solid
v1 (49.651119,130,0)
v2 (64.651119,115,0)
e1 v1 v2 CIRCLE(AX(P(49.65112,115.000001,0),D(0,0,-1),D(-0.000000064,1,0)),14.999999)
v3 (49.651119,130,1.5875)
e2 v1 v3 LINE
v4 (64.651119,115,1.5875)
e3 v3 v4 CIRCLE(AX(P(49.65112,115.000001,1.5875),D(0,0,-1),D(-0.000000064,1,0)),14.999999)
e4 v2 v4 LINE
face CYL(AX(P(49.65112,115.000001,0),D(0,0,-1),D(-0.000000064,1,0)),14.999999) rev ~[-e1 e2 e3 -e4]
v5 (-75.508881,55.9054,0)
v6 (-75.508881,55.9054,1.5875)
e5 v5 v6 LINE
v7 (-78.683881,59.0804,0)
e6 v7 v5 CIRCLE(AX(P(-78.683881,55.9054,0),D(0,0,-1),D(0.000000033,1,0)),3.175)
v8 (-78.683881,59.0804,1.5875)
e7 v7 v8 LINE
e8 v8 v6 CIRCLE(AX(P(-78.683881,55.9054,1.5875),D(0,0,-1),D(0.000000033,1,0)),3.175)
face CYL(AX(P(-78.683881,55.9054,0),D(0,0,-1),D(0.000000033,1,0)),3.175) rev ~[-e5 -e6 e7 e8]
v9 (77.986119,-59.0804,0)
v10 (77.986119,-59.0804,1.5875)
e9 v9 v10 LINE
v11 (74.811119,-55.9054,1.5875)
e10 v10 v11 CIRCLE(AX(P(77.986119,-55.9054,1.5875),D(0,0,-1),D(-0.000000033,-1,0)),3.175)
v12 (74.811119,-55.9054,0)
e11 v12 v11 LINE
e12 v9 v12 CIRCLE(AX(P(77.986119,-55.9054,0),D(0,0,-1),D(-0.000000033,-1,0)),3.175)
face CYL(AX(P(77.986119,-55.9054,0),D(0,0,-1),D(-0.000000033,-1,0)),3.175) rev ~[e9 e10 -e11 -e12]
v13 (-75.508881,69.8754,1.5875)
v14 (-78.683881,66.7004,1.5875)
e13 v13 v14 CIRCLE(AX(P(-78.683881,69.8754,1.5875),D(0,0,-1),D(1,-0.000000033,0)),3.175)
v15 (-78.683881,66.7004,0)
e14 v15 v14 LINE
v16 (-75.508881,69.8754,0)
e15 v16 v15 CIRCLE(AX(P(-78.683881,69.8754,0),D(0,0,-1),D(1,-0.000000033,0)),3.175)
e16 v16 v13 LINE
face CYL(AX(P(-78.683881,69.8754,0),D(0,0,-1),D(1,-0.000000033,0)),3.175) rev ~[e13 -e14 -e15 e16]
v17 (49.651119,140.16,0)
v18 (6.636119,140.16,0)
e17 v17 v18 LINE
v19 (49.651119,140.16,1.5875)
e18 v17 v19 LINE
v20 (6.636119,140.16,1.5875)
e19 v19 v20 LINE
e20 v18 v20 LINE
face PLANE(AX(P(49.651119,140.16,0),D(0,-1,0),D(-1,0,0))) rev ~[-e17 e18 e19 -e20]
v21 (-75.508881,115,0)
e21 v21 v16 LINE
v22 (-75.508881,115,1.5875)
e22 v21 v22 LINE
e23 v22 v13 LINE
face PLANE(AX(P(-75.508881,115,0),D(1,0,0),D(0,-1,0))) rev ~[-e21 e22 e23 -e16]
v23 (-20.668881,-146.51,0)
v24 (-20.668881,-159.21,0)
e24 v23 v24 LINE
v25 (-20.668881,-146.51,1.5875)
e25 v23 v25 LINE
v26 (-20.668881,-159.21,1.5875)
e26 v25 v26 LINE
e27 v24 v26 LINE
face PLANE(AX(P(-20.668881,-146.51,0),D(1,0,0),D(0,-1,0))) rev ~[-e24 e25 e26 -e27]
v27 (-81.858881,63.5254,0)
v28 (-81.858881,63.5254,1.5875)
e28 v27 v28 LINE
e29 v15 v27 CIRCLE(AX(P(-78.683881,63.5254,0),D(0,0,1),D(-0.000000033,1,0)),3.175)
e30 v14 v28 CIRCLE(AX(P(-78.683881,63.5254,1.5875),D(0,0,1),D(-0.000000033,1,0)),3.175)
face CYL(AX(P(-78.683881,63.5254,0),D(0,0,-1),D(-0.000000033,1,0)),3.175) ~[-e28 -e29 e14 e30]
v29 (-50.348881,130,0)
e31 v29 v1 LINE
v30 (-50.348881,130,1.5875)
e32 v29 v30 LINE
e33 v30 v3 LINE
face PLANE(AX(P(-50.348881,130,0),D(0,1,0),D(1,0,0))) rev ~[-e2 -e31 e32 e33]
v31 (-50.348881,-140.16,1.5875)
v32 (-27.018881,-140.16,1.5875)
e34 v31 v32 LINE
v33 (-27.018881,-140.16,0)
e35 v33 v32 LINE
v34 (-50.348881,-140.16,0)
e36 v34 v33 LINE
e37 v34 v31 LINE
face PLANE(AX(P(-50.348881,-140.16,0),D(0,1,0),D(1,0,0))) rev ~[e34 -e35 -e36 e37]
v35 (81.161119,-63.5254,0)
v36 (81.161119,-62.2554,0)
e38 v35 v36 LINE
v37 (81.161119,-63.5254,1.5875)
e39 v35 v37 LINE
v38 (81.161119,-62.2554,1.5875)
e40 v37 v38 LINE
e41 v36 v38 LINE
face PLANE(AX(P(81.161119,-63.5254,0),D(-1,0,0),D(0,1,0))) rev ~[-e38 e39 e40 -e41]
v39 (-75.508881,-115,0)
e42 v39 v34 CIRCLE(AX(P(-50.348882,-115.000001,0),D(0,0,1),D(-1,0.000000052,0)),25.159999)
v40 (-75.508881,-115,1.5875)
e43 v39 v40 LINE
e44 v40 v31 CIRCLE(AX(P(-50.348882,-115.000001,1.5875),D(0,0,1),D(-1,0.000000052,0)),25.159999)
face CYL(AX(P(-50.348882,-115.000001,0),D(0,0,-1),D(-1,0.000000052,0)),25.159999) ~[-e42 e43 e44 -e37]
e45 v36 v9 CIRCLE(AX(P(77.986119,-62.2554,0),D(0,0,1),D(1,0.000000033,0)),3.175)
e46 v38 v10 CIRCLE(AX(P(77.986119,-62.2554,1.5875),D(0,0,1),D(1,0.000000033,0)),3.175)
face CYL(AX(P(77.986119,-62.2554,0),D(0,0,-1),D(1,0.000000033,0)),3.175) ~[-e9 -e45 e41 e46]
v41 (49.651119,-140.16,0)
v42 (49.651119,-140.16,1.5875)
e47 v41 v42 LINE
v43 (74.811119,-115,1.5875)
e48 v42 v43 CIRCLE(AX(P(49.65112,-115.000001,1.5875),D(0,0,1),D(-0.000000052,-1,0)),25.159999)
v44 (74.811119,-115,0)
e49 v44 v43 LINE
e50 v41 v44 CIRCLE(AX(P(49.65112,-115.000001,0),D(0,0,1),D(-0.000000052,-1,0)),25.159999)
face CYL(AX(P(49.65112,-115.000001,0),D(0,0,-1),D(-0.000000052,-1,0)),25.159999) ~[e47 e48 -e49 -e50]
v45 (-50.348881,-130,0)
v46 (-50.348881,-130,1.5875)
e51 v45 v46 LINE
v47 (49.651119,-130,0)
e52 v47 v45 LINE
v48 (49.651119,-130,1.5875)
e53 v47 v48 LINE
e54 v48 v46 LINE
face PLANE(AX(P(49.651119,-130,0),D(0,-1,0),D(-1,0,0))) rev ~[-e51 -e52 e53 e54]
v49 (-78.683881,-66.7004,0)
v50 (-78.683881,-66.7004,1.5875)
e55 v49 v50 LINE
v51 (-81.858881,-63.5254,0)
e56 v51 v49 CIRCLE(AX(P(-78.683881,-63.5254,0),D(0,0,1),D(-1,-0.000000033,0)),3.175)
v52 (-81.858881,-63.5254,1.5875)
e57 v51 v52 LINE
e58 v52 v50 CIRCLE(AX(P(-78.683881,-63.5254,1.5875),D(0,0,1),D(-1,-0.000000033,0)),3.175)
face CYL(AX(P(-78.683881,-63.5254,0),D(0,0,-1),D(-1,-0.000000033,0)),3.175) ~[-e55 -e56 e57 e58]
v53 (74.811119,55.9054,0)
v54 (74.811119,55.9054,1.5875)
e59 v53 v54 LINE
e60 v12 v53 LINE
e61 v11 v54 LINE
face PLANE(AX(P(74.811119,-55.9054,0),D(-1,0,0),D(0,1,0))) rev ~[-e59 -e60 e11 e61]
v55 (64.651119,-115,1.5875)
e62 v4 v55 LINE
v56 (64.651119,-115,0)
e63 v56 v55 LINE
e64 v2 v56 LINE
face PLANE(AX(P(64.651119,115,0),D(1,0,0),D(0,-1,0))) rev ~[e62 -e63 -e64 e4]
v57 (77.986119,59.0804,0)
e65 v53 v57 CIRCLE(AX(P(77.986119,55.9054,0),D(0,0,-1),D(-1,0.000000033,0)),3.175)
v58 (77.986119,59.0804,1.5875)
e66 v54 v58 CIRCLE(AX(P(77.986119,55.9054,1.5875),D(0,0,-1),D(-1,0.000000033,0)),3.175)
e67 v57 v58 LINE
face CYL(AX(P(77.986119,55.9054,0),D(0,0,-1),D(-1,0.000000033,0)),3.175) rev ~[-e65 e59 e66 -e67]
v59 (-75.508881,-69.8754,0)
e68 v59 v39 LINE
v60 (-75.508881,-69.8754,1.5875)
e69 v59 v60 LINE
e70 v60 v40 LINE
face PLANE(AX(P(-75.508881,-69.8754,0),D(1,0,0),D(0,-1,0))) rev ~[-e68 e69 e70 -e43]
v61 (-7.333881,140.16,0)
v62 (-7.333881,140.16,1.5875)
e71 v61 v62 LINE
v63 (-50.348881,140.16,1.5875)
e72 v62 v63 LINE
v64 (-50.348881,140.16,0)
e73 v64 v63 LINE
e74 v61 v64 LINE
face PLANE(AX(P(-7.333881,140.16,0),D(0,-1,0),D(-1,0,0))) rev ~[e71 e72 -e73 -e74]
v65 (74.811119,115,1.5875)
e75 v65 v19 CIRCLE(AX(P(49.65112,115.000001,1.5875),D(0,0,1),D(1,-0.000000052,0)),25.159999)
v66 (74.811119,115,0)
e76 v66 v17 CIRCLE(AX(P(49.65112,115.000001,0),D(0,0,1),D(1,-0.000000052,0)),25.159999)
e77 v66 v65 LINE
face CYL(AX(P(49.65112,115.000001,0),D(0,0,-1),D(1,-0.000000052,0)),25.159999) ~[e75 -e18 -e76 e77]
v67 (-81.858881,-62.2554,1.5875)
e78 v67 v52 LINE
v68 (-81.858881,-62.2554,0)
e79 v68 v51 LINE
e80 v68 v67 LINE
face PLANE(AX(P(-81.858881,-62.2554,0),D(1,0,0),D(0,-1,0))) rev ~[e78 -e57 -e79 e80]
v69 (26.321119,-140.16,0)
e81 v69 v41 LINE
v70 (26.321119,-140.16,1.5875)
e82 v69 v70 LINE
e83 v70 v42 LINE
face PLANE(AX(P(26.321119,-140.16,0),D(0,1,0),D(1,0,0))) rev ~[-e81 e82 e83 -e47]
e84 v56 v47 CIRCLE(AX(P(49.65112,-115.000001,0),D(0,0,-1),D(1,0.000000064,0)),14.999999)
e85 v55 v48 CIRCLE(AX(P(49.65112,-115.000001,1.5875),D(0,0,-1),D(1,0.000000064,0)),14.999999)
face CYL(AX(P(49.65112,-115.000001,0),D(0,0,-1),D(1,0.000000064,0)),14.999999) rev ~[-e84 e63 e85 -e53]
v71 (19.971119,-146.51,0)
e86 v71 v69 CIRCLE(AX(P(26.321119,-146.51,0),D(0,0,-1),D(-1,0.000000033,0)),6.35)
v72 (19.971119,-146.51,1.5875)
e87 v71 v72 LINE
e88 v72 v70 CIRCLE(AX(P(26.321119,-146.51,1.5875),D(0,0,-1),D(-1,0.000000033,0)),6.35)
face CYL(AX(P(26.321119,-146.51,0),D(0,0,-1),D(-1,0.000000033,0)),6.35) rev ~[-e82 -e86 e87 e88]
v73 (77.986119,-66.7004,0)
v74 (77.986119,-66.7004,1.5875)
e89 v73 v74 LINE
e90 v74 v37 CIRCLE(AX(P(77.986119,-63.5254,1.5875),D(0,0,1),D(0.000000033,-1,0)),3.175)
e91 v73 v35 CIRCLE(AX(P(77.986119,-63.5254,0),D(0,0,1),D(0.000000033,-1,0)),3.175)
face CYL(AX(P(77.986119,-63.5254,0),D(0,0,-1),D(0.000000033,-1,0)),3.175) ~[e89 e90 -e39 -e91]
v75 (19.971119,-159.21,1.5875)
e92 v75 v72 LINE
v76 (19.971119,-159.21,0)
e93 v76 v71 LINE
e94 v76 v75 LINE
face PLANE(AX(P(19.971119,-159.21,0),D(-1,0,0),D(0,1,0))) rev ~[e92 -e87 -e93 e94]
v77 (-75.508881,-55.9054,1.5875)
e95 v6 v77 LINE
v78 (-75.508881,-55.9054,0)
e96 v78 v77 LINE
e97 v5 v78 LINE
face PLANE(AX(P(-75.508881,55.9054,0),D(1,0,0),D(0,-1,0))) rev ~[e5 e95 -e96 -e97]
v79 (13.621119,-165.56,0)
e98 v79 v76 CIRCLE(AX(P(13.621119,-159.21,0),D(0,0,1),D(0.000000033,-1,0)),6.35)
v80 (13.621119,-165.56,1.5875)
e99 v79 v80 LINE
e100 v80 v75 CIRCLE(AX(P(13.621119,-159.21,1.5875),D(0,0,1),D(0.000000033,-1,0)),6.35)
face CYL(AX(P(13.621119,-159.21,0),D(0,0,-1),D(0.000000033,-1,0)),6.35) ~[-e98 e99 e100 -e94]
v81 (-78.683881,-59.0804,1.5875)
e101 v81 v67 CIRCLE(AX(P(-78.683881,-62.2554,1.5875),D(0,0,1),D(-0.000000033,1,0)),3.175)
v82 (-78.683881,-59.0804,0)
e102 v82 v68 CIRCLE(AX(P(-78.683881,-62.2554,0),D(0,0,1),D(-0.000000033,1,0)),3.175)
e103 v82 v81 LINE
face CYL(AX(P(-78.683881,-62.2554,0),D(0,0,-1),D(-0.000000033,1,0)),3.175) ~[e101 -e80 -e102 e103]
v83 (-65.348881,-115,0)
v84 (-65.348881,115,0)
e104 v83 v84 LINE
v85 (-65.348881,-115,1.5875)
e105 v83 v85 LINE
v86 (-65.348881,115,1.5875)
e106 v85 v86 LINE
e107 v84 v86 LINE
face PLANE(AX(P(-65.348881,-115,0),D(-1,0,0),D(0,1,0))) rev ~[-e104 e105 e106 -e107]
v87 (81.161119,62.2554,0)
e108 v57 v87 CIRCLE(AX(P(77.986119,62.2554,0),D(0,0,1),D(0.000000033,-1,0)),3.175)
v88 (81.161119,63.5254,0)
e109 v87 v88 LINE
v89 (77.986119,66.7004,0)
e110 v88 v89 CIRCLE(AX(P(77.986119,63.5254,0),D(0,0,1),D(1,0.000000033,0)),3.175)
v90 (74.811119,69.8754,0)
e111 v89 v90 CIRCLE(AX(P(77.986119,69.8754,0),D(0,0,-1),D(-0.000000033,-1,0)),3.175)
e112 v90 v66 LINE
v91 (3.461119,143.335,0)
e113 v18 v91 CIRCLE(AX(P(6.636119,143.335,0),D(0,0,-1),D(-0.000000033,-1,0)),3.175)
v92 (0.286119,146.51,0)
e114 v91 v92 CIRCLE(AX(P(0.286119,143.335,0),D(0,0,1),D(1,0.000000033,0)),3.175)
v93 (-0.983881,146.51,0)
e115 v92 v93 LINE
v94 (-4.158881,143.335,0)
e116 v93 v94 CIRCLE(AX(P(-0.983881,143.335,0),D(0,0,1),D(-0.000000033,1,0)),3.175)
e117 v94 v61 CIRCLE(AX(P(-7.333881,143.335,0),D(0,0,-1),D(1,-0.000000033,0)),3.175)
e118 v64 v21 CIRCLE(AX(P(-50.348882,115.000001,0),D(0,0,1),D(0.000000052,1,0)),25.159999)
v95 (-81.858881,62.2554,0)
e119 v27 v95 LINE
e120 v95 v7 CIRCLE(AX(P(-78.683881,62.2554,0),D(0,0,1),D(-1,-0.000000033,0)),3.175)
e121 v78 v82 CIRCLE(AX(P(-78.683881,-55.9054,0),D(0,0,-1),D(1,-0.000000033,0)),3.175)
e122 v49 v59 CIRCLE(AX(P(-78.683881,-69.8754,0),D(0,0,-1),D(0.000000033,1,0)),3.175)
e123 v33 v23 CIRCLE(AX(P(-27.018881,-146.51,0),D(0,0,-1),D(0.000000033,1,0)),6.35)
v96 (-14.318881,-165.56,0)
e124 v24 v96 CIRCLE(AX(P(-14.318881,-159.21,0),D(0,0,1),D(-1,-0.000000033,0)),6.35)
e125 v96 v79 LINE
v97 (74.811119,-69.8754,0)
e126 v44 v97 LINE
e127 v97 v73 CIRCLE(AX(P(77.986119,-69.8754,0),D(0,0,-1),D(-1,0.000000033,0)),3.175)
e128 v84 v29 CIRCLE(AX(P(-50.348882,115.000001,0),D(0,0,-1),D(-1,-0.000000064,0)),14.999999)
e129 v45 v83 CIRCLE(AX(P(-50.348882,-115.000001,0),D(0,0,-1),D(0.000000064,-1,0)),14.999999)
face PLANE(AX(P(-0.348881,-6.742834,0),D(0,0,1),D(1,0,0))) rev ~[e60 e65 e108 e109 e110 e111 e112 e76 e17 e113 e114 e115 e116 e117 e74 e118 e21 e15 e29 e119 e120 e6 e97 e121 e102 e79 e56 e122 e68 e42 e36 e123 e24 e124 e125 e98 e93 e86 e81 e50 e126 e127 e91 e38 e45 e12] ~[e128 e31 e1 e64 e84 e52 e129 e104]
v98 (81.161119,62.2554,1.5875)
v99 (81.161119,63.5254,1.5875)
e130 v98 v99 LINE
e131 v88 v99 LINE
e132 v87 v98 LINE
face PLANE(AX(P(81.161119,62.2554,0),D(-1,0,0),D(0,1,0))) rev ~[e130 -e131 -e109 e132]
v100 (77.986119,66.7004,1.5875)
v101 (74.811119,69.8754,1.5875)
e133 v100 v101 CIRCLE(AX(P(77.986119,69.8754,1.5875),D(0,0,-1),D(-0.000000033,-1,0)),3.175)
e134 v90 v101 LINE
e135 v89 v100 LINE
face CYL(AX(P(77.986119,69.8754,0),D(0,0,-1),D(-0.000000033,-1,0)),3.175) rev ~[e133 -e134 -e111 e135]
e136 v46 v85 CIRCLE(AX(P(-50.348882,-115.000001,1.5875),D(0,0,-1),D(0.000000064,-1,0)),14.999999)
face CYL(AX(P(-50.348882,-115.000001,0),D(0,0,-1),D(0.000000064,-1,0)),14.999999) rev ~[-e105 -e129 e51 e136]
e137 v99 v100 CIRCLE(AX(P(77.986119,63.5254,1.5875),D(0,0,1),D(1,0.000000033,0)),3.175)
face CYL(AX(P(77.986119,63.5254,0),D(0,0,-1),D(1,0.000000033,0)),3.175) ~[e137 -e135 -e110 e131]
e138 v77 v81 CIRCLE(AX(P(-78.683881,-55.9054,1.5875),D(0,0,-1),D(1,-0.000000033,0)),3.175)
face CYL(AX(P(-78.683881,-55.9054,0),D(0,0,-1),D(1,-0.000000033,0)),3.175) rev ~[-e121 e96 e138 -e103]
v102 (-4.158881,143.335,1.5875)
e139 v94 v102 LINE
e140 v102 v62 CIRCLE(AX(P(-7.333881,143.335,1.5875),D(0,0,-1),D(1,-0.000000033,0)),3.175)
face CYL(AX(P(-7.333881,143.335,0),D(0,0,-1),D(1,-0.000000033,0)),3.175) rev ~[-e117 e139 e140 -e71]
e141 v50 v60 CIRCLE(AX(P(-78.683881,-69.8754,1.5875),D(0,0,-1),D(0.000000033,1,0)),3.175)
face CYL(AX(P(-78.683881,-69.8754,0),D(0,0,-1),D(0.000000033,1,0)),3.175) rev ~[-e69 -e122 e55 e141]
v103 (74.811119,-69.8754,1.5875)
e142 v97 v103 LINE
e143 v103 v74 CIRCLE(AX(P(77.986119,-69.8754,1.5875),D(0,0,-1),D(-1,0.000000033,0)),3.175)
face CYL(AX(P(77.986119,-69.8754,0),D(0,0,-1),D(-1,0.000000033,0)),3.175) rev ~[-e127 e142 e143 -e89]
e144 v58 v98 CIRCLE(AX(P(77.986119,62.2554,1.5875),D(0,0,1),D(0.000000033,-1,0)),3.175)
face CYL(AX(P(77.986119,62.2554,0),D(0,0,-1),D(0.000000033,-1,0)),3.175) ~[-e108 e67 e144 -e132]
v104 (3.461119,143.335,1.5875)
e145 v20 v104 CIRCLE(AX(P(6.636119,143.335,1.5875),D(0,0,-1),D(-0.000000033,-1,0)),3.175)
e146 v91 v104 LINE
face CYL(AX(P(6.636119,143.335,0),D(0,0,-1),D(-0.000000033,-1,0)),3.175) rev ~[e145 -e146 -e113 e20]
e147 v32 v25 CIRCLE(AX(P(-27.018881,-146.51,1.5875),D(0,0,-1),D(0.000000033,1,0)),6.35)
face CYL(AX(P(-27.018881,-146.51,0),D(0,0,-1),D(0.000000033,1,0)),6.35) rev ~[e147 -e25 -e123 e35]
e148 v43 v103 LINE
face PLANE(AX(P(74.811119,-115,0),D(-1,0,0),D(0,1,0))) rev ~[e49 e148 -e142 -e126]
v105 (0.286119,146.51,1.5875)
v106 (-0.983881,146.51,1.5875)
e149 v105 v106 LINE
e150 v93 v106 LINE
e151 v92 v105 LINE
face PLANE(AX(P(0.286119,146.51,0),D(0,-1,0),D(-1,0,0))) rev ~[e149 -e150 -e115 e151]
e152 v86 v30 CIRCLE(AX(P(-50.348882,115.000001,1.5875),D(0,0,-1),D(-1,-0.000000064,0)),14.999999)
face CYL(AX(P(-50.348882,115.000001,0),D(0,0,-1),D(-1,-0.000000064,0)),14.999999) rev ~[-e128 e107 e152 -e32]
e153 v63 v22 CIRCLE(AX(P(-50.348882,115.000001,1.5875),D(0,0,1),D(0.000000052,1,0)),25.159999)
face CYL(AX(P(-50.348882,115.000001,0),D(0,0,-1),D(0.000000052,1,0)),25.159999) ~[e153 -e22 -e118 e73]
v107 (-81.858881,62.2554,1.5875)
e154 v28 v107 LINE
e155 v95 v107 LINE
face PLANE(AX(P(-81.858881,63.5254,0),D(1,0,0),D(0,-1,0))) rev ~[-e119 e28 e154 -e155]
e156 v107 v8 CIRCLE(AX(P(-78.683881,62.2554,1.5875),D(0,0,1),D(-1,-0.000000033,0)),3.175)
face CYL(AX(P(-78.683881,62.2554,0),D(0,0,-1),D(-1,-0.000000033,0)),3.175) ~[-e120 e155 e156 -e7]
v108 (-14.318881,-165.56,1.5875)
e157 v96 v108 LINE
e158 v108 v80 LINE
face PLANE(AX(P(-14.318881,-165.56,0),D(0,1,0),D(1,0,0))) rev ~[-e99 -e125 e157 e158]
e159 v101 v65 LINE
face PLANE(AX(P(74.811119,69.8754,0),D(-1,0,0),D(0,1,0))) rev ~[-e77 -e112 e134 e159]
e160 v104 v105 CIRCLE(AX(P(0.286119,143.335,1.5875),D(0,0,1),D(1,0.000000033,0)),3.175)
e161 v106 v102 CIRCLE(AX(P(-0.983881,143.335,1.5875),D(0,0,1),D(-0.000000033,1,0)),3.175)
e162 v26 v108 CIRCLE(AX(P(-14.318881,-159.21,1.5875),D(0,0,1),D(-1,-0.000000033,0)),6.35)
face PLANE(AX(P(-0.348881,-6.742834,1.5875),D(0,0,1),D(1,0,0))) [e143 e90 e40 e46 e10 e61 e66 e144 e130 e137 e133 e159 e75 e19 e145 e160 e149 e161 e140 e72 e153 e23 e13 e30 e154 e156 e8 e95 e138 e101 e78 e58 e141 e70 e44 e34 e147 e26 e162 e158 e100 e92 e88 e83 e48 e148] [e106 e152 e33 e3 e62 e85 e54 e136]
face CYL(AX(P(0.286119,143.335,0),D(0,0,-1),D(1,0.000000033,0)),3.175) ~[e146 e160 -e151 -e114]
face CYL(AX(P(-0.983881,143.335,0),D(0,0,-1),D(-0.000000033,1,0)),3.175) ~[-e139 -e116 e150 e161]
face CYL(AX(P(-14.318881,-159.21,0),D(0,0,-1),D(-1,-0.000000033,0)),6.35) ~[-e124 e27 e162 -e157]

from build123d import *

# Parameters (mm, degrees)
F1_DEPTH = 1.5875


with BuildPart() as f1:
    # F0 (on Top) → F1 (new body)
    with BuildSketch(Plane.XY):
        with BuildLine():
            Line((-75.508881, 115), (-75.508881, 69.8754))
            ThreePointArc((-75.508881, 69.8754), (-76.438817, 67.630336), (-78.683881, 66.7004))
            ThreePointArc((-78.683881, 66.7004), (-80.928945, 65.770464), (-81.858881, 63.5254))
            Line((-81.858881, 63.5254), (-81.858881, 62.2554))
            ThreePointArc((-81.858881, 62.2554), (-80.928945, 60.010336), (-78.683881, 59.0804))
            ThreePointArc((-78.683881, 59.0804), (-76.438817, 58.150464), (-75.508881, 55.9054))
            Line((-75.508881, 55.9054), (-75.508881, 0))
            Line((-75.508881, 0), (-75.508881, -55.9054))
            ThreePointArc((-75.508881, -55.9054), (-76.438817, -58.150464), (-78.683881, -59.0804))
            ThreePointArc((-78.683881, -59.0804), (-80.928945, -60.010336), (-81.858881, -62.2554))
            Line((-81.858881, -62.2554), (-81.858881, -63.5254))
            ThreePointArc((-81.858881, -63.5254), (-80.928945, -65.770464), (-78.683881, -66.7004))
            ThreePointArc((-78.683881, -66.7004), (-76.438817, -67.630336), (-75.508881, -69.8754))
            Line((-75.508881, -69.8754), (-75.508881, -115))
            ThreePointArc((-75.508881, -115), (-68.139688, -132.790807), (-50.348881, -140.16))
            Line((-50.348881, -140.16), (-27.018881, -140.16))
            ThreePointArc((-27.018881, -140.16), (-22.528753, -142.019872), (-20.668881, -146.51))
            Line((-20.668881, -146.51), (-20.668881, -159.21))
            ThreePointArc((-20.668881, -159.21), (-18.809009, -163.700128), (-14.318881, -165.56))
            Line((-14.318881, -165.56), (13.621119, -165.56))
            ThreePointArc((13.621119, -165.56), (18.111247, -163.700128), (19.971119, -159.21))
            Line((19.971119, -159.21), (19.971119, -146.51))
            ThreePointArc((19.971119, -146.51), (21.830991, -142.019872), (26.321119, -140.16))
            Line((26.321119, -140.16), (49.651119, -140.16))
            ThreePointArc((49.651119, -140.16), (67.441926, -132.790807), (74.811119, -115))
            Line((74.811119, -115), (74.811119, -69.8754))
            ThreePointArc((74.811119, -69.8754), (75.741055, -67.630336), (77.986119, -66.7004))
            ThreePointArc((77.986119, -66.7004), (80.231183, -65.770464), (81.161119, -63.5254))
            Line((81.161119, -63.5254), (81.161119, -62.2554))
            ThreePointArc((81.161119, -62.2554), (80.231183, -60.010336), (77.986119, -59.0804))
            ThreePointArc((77.986119, -59.0804), (75.741055, -58.150464), (74.811119, -55.9054))
            Line((74.811119, -55.9054), (74.811119, 0))
            Line((74.811119, 0), (74.811119, 55.9054))
            ThreePointArc((74.811119, 55.9054), (75.741055, 58.150464), (77.986119, 59.0804))
            ThreePointArc((77.986119, 59.0804), (80.231183, 60.010336), (81.161119, 62.2554))
            Line((81.161119, 62.2554), (81.161119, 63.5254))
            ThreePointArc((81.161119, 63.5254), (80.231183, 65.770464), (77.986119, 66.7004))
            ThreePointArc((77.986119, 66.7004), (75.741055, 67.630336), (74.811119, 69.8754))
            Line((74.811119, 69.8754), (74.811119, 115))
            ThreePointArc((74.811119, 115), (67.441926, 132.790807), (49.651119, 140.16))
            Line((49.651119, 140.16), (6.636119, 140.16))
            ThreePointArc((6.636119, 140.16), (4.391055, 141.089936), (3.461119, 143.335))
            ThreePointArc((3.461119, 143.335), (2.531183, 145.580064), (0.286119, 146.51))
            Line((0.286119, 146.51), (-0.983881, 146.51))
            ThreePointArc((-0.983881, 146.51), (-3.228945, 145.580064), (-4.158881, 143.335))
            ThreePointArc((-4.158881, 143.335), (-5.088817, 141.089936), (-7.333881, 140.16))
            Line((-7.333881, 140.16), (-50.348881, 140.16))
            ThreePointArc((-50.348881, 140.16), (-68.139688, 132.790807), (-75.508881, 115))
        make_face()
        with BuildLine():
            Line((49.651119, -130), (-50.348881, -130))
            ThreePointArc((-50.348881, -130), (-60.955483, -125.606602), (-65.348881, -115))
            Line((-65.348881, -115), (-65.348881, 115))
            ThreePointArc((-65.348881, 115), (-60.955483, 125.606602), (-50.348881, 130))
            Line((-50.348881, 130), (49.651119, 130))
            ThreePointArc((49.651119, 130), (60.257721, 125.606602), (64.651119, 115))
            Line((64.651119, 115), (64.651119, -115))
            ThreePointArc((64.651119, -115), (60.257721, -125.606602), (49.651119, -130))
        make_face(mode=Mode.SUBTRACT)
    extrude(amount=F1_DEPTH)


solid = f1.part
